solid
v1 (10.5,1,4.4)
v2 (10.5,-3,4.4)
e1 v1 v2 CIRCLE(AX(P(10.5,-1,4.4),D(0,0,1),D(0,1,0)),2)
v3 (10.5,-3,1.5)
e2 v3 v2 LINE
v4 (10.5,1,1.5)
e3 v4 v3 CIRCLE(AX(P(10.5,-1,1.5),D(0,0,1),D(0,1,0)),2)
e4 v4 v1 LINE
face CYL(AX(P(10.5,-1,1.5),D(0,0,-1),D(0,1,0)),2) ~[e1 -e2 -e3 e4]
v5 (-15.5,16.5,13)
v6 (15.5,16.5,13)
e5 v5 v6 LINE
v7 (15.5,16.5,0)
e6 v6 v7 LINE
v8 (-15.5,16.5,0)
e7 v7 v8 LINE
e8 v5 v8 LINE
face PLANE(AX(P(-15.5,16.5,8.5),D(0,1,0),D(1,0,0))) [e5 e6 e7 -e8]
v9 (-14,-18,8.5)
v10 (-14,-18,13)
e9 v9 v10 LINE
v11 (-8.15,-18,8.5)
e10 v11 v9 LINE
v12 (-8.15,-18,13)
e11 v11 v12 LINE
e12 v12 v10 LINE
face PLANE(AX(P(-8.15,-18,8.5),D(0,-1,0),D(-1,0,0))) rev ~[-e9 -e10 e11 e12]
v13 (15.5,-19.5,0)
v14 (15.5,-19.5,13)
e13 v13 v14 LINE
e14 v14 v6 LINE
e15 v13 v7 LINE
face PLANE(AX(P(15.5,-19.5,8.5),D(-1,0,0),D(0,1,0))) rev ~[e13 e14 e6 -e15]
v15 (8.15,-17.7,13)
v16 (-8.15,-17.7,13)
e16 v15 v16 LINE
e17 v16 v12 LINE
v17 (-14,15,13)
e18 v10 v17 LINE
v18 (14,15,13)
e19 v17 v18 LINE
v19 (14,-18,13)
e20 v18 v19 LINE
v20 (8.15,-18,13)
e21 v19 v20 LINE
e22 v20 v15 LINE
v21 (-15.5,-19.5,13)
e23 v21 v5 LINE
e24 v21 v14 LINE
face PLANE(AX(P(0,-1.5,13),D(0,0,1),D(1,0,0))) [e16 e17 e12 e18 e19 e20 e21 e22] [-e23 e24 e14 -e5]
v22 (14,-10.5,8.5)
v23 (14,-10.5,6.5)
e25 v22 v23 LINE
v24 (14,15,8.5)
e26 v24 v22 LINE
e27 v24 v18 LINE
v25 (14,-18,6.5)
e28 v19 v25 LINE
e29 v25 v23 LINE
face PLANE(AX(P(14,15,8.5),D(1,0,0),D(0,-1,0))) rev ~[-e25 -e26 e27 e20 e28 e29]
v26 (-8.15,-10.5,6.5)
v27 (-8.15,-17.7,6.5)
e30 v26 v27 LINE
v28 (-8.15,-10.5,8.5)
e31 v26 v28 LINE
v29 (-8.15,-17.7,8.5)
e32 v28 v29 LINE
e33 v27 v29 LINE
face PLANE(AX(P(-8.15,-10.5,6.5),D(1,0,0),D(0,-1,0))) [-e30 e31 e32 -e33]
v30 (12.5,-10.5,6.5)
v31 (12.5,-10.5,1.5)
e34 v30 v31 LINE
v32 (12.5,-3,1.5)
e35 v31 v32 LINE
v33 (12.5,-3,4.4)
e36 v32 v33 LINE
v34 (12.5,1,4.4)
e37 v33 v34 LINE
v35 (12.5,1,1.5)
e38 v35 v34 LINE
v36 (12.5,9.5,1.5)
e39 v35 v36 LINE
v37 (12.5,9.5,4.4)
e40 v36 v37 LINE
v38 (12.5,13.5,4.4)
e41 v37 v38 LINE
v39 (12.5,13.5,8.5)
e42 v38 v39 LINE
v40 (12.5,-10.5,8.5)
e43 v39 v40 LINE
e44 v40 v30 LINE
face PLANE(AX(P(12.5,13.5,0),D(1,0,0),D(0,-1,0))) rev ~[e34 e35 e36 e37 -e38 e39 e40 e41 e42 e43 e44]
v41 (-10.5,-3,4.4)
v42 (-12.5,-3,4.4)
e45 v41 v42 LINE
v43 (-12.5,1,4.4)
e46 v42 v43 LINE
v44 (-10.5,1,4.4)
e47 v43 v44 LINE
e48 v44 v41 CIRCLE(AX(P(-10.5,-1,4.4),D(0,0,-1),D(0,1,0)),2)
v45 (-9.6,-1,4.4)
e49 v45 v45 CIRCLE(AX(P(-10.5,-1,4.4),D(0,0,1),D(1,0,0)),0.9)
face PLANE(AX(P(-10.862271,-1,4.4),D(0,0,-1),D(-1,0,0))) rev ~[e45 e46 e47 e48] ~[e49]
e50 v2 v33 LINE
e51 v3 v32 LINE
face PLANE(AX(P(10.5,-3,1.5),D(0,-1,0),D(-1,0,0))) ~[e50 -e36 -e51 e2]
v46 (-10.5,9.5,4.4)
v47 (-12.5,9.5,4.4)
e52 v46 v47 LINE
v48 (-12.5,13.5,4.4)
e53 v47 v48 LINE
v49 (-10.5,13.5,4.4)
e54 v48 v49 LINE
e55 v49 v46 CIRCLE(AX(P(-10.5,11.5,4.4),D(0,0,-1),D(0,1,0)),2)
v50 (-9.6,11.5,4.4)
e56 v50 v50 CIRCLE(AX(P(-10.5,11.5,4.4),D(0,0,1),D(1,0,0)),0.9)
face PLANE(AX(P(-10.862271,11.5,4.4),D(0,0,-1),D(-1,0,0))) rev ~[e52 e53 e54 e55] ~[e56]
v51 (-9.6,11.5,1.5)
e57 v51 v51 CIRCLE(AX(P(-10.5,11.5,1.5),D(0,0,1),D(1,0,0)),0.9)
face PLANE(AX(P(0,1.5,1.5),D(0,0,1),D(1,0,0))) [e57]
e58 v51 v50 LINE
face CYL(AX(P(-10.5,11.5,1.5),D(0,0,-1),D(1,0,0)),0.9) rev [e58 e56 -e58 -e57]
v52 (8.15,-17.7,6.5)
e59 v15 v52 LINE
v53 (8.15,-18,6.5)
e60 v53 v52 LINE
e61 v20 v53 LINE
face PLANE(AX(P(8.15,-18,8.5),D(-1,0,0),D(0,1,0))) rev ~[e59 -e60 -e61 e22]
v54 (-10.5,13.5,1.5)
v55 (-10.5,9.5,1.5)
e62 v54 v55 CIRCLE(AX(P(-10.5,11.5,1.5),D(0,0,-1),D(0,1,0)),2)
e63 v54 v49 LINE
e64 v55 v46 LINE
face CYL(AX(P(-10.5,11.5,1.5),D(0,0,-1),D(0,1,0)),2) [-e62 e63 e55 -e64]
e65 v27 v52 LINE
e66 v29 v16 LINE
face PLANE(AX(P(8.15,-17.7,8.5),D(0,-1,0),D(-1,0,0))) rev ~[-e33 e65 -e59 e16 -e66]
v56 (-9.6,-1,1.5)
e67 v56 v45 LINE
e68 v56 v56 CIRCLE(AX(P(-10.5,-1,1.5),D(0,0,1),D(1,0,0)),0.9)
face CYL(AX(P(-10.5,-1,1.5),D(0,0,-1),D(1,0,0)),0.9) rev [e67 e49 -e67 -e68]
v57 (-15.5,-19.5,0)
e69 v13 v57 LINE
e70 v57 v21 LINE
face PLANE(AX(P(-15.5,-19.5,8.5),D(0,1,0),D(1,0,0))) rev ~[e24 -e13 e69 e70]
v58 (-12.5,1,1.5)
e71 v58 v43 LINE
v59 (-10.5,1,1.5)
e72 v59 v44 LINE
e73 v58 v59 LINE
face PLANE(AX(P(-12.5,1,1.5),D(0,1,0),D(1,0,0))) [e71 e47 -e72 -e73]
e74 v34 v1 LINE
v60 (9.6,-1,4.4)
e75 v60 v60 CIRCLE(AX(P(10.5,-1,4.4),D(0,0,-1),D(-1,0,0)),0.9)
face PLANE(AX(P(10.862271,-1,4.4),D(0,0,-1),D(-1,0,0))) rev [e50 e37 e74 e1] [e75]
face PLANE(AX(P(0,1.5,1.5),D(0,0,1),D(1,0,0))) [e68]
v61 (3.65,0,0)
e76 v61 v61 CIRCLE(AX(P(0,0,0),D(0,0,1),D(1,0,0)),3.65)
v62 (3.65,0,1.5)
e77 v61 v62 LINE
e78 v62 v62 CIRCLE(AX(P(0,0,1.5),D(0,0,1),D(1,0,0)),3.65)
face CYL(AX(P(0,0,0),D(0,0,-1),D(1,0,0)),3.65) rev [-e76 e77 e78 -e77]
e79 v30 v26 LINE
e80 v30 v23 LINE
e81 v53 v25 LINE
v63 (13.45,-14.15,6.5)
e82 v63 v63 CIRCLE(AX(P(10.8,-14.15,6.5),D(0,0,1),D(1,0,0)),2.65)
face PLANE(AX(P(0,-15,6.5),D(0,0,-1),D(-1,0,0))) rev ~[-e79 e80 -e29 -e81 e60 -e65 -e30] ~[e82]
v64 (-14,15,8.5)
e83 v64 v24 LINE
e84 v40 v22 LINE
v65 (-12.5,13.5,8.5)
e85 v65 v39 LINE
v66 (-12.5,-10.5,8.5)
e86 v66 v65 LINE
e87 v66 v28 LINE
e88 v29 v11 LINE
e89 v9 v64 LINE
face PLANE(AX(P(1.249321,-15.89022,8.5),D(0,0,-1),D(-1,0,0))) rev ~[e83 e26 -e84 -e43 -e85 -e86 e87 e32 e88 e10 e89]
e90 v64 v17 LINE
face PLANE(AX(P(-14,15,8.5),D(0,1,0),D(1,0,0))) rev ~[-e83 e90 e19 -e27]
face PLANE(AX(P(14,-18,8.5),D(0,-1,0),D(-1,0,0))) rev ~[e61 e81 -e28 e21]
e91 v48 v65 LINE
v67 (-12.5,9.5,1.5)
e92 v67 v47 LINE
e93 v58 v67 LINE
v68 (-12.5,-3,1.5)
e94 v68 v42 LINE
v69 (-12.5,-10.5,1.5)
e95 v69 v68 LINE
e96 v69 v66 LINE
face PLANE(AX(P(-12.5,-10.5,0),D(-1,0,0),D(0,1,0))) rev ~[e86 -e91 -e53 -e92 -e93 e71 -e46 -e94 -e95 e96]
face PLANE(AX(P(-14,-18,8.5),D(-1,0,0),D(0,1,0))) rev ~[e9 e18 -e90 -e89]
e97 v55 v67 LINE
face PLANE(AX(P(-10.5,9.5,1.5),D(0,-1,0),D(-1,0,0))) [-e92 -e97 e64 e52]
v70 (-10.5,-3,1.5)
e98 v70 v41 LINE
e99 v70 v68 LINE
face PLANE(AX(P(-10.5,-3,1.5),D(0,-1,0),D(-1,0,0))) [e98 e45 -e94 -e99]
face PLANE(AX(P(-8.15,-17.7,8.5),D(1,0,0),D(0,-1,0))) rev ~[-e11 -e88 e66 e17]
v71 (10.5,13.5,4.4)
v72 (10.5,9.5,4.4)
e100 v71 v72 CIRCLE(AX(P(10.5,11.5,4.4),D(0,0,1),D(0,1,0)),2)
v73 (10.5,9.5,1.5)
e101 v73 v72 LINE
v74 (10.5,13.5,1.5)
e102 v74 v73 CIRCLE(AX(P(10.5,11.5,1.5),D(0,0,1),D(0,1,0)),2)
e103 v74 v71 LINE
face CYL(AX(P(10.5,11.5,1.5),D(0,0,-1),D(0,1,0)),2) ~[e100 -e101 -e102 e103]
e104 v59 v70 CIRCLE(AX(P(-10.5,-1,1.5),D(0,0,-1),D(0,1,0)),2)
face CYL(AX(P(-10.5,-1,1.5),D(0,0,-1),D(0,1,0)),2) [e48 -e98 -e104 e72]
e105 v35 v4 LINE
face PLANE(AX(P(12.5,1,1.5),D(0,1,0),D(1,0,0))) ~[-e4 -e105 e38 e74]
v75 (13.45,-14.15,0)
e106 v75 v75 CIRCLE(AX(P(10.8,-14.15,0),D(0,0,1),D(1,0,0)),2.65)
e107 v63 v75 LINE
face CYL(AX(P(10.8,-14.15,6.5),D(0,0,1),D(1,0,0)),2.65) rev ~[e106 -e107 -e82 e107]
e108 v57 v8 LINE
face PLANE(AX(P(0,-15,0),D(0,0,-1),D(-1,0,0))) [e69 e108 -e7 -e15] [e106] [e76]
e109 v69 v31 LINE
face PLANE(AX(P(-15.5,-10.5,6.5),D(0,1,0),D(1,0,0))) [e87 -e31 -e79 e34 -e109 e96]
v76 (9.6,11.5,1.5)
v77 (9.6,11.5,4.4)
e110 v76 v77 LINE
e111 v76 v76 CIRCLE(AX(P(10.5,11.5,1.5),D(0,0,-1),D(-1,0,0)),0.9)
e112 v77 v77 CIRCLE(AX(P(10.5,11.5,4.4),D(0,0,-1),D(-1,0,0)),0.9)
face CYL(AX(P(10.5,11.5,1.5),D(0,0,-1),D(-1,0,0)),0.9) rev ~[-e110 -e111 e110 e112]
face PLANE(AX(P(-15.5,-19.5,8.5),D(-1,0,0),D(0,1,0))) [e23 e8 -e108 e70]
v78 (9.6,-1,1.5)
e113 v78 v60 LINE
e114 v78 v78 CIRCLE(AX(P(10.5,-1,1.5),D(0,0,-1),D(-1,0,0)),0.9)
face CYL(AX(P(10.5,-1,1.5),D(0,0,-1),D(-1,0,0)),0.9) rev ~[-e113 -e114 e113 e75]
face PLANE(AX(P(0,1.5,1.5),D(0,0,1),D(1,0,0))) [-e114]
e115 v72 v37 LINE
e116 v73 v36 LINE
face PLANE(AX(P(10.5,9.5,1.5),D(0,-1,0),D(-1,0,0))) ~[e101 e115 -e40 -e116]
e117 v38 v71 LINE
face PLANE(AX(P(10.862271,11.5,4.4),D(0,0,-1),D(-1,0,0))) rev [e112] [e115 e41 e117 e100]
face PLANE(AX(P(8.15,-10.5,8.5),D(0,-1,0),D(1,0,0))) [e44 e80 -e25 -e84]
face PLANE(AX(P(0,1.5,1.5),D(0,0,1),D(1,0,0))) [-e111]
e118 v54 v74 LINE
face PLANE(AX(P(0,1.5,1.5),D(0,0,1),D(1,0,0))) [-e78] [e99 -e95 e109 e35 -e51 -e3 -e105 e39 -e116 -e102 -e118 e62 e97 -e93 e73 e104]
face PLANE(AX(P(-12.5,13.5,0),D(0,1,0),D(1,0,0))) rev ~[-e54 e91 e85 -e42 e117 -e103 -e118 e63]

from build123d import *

# Parameters (mm, degrees)
CROQUIS1_W               = 25
CROQUIS1_H               = 24
CROQUIS1_R               = 3.65
SALIENTE_EXTRUIR1_DEPTH  = 1.5
SALIENTE_EXTRUIR7_DEPTH  = 8.5
CROQUIS2_R               = 0.9
SALIENTE_EXTRUIR2_DEPTH  = 2.9
CROQUIS5_W               = 31
CROQUIS5_H               = 9
SALIENTE_EXTRUIR8_DEPTH  = 6.5
CROQUIS6_R               = 2.65
CORTAR_EXTRUIR1_DEPTH    = 6.5
SALIENTE_EXTRUIR9_DEPTH  = 2
CROQUIS8_W               = 31
CROQUIS8_H               = 36
SALIENTE_EXTRUIR10_DEPTH = 4.5
CROQUIS9_W               = 5.85
CROQUIS9_H               = 7.5
CORTAR_EXTRUIR3_DEPTH    = 2


with BuildPart() as part:
    # Croquis1 → Saliente-Extruir1 (new body)
    with BuildSketch(Plane.XY):
        with Locations((0, 1.5)):
            Rectangle(CROQUIS1_W, CROQUIS1_H)
        Circle(CROQUIS1_R, mode=Mode.SUBTRACT)
    extrude(amount=SALIENTE_EXTRUIR1_DEPTH)

    # Croquis4 → Saliente-Extruir7 (add)
    with BuildSketch(Plane(origin=(0, 0, 0), x_dir=(-1, 0, 0), z_dir=(0, 0, -1))):
        Polygon((12.5, -10.5), (12.5, 13.5), (-12.5, 13.5), (-12.5, -10.5), (-15.5, -10.5), (-15.5, 16.5), (15.5, 16.5), (15.5, -10.5), align=None)
    extrude(amount=-SALIENTE_EXTRUIR7_DEPTH)

    # Croquis2 → Saliente-Extruir2 (add)
    with BuildSketch(Plane.XY.offset(1.5)):
        with BuildLine():
            Line((-10.5, 9.5), (-12.5, 9.5))
            Line((-12.5, 9.5), (-12.5, 13.5))
            Line((-12.5, 13.5), (-10.5, 13.5))
            ThreePointArc((-10.5, 13.5), (-8.5, 11.5), (-10.5, 9.5))
        make_face()
        with Locations((-10.5, 11.5)):
            Circle(CROQUIS2_R, mode=Mode.SUBTRACT)
        with BuildLine():
            Line((-10.5, -3), (-12.5, -3))
            Line((-12.5, -3), (-12.5, 1))
            Line((-12.5, 1), (-10.5, 1))
            ThreePointArc((-10.5, 1), (-8.5, -1), (-10.5, -3))
        make_face()
        with Locations((-10.5, -1)):
            Circle(CROQUIS2_R, mode=Mode.SUBTRACT)
    saliente_extruir2 = extrude(amount=SALIENTE_EXTRUIR2_DEPTH)

    # Simetría2: Saliente-Extruir2 across plane
    add(saliente_extruir2.mirror(Plane(origin=(0, 0, 0), x_dir=(0, 0, 1), z_dir=(1, 0, 0))))

    # Croquis5 → Saliente-Extruir8 (add)
    with BuildSketch(Plane(origin=(0, 0, 0), x_dir=(-1, 0, 0), z_dir=(0, 0, -1))):
        with Locations((0, -15)):
            Rectangle(CROQUIS5_W, CROQUIS5_H)
    extrude(amount=-SALIENTE_EXTRUIR8_DEPTH)

    # Croquis6 → Cortar-Extruir1 (cut)
    with BuildSketch(Plane.XY.offset(6.5)):
        with Locations((10.8, -14.15)):
            Circle(CROQUIS6_R)
    extrude(amount=-CORTAR_EXTRUIR1_DEPTH, mode=Mode.SUBTRACT)

    # Croquis7 → Saliente-Extruir9 (add)
    with BuildSketch(Plane.XY.offset(6.5)):
        with BuildLine():
            Line((-15.5, -10.5), (-8.15, -10.5))
            Line((-8.15, -10.5), (-8.15, -17.7))
            Line((-8.15, -17.7), (8.15, -17.7))
            Line((8.15, -17.7), (8.15, -14.768763357))
            Line((8.15, -14.768763357), (8.223251679, -14.768763357))
            ThreePointArc((8.223251679, -14.768763357), (13.448478088, -14.239798753), (8.271080496, -13.35812492))
            Line((8.271080496, -13.35812492), (8.15, -13.35812492))
            Line((8.15, -13.35812492), (8.15, -10.5))
            Line((8.15, -10.5), (15.5, -10.5))
            Line((15.5, -10.5), (15.5, -19.5))
            Line((15.5, -19.5), (8.15, -19.5))
            Line((8.15, -19.5), (-8.15, -19.5))
            Line((-8.15, -19.5), (-15.5, -19.5))
            Line((-15.5, -19.5), (-15.5, -10.5))
        make_face()
    extrude(amount=SALIENTE_EXTRUIR9_DEPTH)

    # Croquis8 → Saliente-Extruir10 (add)
    with BuildSketch(Plane.XY.offset(8.5)):
        with Locations((0, -1.5)):
            Rectangle(CROQUIS8_W, CROQUIS8_H)
        Polygon((-14, 15), (14, 15), (14, -18), (8.15, -18), (8.15, -17.7), (-8.15, -17.7), (-8.15, -18), (-14, -18), align=None, mode=Mode.SUBTRACT)
    extrude(amount=SALIENTE_EXTRUIR10_DEPTH)

    # Croquis9 → Cortar-Extruir3 (cut)
    with BuildSketch(Plane.XY.offset(8.5)):
        with Locations((11.075, -14.25)):
            Rectangle(CROQUIS9_W, CROQUIS9_H)
    extrude(amount=-CORTAR_EXTRUIR3_DEPTH, mode=Mode.SUBTRACT)


solid = part.part
